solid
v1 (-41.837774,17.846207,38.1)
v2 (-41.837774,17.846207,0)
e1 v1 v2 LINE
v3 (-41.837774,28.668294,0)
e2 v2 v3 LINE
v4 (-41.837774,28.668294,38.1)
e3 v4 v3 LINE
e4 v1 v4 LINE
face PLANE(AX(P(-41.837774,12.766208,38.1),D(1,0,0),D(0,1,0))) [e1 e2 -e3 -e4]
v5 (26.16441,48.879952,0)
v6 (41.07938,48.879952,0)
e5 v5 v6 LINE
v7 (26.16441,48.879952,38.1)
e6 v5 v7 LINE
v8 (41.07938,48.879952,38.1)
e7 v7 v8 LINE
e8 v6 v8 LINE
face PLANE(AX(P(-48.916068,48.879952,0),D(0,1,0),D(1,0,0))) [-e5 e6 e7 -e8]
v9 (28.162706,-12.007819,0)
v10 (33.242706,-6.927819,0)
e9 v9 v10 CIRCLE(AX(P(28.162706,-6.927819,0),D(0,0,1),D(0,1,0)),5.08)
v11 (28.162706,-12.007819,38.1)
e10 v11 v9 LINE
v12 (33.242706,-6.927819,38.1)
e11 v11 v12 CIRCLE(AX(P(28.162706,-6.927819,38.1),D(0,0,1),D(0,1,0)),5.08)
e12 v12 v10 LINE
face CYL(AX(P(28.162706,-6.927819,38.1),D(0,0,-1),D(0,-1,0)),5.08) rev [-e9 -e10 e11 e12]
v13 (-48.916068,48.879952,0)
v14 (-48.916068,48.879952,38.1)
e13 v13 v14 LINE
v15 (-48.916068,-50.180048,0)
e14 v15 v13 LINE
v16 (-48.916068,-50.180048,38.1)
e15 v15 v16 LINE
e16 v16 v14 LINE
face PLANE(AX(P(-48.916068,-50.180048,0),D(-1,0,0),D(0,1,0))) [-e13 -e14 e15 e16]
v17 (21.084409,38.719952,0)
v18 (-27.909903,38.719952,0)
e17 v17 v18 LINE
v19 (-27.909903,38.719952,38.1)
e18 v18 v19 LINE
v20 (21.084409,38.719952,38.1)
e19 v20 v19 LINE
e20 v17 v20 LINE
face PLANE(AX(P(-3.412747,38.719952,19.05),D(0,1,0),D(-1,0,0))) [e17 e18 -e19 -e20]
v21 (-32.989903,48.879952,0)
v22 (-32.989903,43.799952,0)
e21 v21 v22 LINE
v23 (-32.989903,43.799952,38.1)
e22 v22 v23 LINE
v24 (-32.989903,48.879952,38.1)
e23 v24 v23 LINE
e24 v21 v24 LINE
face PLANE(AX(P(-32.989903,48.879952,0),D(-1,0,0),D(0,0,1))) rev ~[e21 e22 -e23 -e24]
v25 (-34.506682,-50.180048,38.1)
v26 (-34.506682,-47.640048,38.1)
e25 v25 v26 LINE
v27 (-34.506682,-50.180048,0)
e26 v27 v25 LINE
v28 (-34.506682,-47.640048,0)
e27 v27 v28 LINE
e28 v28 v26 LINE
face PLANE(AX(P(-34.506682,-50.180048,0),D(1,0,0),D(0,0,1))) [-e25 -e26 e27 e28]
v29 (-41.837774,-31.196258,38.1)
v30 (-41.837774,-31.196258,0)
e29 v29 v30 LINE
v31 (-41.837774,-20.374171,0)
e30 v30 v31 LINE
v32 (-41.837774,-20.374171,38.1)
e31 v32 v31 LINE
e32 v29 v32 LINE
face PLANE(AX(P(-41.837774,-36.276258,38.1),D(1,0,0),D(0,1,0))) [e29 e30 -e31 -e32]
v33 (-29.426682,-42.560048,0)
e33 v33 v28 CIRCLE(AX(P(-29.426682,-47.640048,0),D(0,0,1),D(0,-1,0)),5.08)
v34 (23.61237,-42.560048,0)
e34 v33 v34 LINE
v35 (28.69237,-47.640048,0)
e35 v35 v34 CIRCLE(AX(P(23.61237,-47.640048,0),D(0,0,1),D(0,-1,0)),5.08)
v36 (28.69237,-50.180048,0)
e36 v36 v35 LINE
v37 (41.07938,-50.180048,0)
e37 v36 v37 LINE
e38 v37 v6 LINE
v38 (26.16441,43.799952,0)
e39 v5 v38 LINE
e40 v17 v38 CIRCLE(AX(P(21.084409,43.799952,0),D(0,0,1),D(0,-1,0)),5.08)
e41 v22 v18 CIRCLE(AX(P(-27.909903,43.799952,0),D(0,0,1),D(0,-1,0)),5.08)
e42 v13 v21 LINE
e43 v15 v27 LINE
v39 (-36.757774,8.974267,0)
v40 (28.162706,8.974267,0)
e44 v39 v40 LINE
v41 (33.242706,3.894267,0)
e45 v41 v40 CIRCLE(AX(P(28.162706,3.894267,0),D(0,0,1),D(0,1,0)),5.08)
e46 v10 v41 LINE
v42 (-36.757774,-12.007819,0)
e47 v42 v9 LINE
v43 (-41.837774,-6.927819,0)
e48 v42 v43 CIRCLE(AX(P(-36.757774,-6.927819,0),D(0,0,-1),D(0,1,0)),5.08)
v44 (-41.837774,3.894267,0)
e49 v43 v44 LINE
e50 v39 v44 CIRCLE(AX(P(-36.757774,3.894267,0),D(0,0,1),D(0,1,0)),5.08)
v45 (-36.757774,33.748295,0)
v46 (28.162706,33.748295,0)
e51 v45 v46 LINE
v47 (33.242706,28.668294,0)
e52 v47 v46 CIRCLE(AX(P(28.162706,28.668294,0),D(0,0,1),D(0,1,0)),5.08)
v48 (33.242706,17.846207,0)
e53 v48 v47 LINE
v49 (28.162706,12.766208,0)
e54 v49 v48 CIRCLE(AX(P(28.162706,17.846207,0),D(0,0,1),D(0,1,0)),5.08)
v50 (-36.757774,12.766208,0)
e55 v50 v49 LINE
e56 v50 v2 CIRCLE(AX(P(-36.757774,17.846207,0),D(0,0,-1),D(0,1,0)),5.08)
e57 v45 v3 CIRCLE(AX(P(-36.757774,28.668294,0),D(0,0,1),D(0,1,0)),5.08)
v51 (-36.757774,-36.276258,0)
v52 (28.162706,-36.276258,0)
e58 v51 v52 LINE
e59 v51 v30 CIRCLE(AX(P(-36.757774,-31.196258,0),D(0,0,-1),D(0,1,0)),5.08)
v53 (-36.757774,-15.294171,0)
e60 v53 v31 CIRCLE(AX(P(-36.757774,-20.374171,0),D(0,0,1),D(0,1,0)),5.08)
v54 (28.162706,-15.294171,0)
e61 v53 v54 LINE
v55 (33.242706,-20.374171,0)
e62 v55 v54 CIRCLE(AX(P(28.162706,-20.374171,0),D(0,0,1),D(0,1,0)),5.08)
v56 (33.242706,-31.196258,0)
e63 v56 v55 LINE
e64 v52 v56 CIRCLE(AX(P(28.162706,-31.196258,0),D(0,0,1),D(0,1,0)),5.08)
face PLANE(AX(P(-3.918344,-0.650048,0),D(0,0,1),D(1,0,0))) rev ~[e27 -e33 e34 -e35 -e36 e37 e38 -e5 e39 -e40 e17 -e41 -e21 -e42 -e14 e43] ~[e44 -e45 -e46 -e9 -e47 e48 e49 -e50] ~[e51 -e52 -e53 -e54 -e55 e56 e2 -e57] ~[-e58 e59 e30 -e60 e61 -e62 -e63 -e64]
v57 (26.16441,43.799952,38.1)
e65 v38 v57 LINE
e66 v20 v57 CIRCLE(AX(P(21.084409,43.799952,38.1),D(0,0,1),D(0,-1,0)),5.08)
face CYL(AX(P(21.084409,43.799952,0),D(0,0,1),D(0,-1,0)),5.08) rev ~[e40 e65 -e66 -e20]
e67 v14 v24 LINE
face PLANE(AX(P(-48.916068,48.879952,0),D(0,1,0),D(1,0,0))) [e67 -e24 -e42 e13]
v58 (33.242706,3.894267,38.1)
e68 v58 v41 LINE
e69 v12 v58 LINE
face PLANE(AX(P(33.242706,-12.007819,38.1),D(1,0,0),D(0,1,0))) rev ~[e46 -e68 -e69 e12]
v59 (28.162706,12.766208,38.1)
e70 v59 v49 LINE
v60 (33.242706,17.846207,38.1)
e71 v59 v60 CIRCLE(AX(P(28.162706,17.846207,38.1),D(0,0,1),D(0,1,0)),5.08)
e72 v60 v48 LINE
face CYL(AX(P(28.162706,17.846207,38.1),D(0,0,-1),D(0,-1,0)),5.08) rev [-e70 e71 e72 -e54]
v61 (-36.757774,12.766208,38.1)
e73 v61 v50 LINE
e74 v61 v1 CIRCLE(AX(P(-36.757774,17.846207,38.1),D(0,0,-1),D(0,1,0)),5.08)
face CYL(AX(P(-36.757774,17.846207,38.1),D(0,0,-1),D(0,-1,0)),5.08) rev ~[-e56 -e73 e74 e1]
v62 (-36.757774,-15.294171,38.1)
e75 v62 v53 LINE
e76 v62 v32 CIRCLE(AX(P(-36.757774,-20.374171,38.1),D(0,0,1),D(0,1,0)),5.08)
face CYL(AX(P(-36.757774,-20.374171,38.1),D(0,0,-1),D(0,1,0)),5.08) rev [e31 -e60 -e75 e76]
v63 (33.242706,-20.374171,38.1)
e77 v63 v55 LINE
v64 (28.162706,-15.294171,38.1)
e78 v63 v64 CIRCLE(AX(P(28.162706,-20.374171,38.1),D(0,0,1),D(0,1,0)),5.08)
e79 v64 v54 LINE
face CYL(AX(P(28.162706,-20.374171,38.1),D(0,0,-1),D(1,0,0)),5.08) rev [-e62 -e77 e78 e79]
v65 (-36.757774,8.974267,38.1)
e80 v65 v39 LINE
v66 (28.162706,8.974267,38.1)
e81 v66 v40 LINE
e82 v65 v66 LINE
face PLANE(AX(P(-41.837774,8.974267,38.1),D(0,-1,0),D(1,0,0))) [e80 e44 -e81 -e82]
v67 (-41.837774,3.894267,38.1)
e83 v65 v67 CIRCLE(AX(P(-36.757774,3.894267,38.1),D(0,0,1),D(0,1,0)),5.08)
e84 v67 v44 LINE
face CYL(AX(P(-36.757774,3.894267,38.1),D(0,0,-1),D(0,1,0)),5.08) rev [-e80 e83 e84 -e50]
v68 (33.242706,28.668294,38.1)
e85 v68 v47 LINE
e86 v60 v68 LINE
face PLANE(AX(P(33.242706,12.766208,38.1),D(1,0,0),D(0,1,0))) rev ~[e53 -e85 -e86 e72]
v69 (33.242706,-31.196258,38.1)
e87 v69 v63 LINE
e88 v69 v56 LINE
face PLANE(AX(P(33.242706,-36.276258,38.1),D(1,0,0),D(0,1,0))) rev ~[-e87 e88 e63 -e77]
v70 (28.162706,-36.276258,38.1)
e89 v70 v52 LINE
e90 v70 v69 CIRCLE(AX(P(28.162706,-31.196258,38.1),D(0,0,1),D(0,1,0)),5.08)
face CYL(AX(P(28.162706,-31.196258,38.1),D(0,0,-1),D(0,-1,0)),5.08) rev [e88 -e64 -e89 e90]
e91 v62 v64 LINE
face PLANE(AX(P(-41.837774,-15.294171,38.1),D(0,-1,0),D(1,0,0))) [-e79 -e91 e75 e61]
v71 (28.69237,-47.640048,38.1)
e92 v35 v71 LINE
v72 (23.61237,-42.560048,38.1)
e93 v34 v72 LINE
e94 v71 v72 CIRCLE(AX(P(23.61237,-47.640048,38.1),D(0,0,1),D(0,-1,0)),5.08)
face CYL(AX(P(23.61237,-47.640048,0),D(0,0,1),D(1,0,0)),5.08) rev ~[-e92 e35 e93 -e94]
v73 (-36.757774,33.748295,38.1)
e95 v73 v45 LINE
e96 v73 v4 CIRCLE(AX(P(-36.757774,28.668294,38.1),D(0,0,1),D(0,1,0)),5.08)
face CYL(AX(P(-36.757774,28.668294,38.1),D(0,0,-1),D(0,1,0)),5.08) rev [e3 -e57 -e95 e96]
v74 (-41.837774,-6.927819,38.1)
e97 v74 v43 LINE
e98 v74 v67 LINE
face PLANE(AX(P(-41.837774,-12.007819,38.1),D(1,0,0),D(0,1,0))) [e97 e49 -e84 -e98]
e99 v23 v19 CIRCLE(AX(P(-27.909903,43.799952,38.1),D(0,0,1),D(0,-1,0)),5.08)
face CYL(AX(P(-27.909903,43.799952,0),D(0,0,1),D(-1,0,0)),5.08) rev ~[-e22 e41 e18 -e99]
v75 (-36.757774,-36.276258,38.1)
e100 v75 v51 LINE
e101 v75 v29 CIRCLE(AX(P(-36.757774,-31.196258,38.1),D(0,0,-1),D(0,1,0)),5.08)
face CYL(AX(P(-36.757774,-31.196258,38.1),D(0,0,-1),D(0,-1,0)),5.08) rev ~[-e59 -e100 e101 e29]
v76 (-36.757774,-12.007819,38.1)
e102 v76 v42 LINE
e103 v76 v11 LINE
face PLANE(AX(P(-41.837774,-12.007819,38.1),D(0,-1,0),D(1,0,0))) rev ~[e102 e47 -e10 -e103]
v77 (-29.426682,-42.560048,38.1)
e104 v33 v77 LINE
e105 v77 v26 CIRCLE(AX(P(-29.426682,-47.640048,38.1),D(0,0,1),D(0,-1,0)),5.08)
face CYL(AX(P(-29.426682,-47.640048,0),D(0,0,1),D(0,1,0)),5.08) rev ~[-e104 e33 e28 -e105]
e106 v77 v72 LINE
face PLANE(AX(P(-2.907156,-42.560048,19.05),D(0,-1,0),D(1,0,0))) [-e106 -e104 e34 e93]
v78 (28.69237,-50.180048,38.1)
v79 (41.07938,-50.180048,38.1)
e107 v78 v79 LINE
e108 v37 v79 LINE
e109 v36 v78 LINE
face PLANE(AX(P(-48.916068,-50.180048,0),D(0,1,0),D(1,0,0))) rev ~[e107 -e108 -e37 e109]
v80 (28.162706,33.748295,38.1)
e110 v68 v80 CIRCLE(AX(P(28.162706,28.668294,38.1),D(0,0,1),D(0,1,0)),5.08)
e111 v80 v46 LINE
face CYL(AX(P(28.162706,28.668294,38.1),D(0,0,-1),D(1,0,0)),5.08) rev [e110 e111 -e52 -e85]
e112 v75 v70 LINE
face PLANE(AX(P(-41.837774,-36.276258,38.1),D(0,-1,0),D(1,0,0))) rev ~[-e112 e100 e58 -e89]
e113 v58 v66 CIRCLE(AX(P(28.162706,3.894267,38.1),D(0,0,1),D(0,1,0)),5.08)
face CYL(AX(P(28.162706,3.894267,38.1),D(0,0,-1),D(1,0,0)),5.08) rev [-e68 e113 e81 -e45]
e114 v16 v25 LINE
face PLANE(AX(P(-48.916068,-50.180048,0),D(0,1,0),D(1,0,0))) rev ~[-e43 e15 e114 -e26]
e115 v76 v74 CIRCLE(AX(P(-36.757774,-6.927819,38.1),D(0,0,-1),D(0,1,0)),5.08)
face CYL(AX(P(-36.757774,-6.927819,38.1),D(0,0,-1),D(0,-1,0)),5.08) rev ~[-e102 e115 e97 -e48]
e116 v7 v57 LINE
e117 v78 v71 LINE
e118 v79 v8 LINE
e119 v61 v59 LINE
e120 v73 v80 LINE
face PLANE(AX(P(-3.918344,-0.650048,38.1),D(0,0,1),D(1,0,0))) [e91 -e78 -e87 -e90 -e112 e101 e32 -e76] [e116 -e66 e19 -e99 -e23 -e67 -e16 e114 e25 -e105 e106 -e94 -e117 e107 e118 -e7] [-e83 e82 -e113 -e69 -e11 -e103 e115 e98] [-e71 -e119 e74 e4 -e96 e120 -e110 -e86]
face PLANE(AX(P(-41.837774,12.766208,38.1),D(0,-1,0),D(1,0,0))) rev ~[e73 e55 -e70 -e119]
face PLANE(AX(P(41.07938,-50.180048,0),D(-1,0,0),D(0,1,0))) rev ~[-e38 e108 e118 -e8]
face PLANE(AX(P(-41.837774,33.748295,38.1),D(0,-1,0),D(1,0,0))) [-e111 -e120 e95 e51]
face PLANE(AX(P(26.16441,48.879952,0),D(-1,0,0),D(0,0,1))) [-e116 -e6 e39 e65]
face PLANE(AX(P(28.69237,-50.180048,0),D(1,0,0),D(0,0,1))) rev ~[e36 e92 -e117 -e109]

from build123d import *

# Parameters (mm, degrees)
F0_W     = 89.995448
F0_H     = 99.06
F1_DEPTH = 38.1
F2_W     = 75.08048
F2_H     = 20.982087
F2_H_2   = 20.982086
F3_DEPTH = 38.1
F4_R     = 5.08
F5_W     = 59.154313
F5_H     = 38.1
F6_DEPTH = 10.16
F7_R     = 5.08
F8_W     = 63.199052
F8_H     = 38.1
F9_DEPTH = 7.62
F10_R    = 5.08


with BuildPart() as f1:
    # F0 (on Top) → F1 (new body)
    with BuildSketch(Plane.XY):
        with Locations((-3.918344, -0.650048)):
            Rectangle(F0_W, F0_H)
    extrude(amount=F1_DEPTH)

    # F2 (on face) → F3 (cut)
    with BuildSketch(Plane.XY.offset(38.1)):
        with Locations((-4.297534, 23.257251)):
            Rectangle(F2_W, F2_H)
        with Locations((-4.297534, -1.516776)):
            Rectangle(F2_W, F2_H_2)
        with Locations((-4.297534, -25.785215)):
            Rectangle(F2_W, F2_H)
    extrude(amount=-F3_DEPTH, mode=Mode.SUBTRACT)

    # F4
    f4_edges = [f1.edges().sort_by_distance(p)[0] for p in [
        (33.242706, 33.748295, 19.05),
        (33.242706, 8.974267, 19.05),
        (33.242706, -15.294172, 19.05),
        (-41.837774, 33.748295, 19.05),
        (-41.837774, 8.974267, 19.05),
        (-41.837774, -15.294172, 19.05),
        (-41.837774, -36.276259, 19.05),
        (-41.837774, -12.007819, 19.05),
        (-41.837774, 12.766208, 19.05),
        (33.242706, -36.276259, 19.05),
        (33.242706, -12.007819, 19.05),
        (33.242706, 12.766208, 19.05),
    ]]
    fillet(f4_edges, radius=F4_R)

    # F5 (on face) → F6 (cut)
    with BuildSketch(Plane(origin=(0, 48.879952, 0), x_dir=(-1, 0, 0), z_dir=(0, 1, 0))):
        with Locations((3.412747, 19.05)):
            Rectangle(F5_W, F5_H)
    extrude(amount=-F6_DEPTH, mode=Mode.SUBTRACT)

    # F7
    f7_edges = [f1.edges().sort_by_distance(p)[0] for p in [
        (-32.989904, 38.719952, 19.05),
        (26.164409, 38.719952, 19.05),
    ]]
    fillet(f7_edges, radius=F7_R)

    # F8 (on face) → F9 (cut)
    with BuildSketch(Plane.XZ.offset(50.180048)):
        with Locations((-2.907156, 19.05)):
            Rectangle(F8_W, F8_H)
    extrude(amount=-F9_DEPTH, mode=Mode.SUBTRACT)

    # F10
    f10_edges = [f1.edges().sort_by_distance(p)[0] for p in [
        (28.69237, -42.560048, 19.05),
        (-34.506682, -42.560048, 19.05),
    ]]
    fillet(f10_edges, radius=F10_R)


solid = f1.part
